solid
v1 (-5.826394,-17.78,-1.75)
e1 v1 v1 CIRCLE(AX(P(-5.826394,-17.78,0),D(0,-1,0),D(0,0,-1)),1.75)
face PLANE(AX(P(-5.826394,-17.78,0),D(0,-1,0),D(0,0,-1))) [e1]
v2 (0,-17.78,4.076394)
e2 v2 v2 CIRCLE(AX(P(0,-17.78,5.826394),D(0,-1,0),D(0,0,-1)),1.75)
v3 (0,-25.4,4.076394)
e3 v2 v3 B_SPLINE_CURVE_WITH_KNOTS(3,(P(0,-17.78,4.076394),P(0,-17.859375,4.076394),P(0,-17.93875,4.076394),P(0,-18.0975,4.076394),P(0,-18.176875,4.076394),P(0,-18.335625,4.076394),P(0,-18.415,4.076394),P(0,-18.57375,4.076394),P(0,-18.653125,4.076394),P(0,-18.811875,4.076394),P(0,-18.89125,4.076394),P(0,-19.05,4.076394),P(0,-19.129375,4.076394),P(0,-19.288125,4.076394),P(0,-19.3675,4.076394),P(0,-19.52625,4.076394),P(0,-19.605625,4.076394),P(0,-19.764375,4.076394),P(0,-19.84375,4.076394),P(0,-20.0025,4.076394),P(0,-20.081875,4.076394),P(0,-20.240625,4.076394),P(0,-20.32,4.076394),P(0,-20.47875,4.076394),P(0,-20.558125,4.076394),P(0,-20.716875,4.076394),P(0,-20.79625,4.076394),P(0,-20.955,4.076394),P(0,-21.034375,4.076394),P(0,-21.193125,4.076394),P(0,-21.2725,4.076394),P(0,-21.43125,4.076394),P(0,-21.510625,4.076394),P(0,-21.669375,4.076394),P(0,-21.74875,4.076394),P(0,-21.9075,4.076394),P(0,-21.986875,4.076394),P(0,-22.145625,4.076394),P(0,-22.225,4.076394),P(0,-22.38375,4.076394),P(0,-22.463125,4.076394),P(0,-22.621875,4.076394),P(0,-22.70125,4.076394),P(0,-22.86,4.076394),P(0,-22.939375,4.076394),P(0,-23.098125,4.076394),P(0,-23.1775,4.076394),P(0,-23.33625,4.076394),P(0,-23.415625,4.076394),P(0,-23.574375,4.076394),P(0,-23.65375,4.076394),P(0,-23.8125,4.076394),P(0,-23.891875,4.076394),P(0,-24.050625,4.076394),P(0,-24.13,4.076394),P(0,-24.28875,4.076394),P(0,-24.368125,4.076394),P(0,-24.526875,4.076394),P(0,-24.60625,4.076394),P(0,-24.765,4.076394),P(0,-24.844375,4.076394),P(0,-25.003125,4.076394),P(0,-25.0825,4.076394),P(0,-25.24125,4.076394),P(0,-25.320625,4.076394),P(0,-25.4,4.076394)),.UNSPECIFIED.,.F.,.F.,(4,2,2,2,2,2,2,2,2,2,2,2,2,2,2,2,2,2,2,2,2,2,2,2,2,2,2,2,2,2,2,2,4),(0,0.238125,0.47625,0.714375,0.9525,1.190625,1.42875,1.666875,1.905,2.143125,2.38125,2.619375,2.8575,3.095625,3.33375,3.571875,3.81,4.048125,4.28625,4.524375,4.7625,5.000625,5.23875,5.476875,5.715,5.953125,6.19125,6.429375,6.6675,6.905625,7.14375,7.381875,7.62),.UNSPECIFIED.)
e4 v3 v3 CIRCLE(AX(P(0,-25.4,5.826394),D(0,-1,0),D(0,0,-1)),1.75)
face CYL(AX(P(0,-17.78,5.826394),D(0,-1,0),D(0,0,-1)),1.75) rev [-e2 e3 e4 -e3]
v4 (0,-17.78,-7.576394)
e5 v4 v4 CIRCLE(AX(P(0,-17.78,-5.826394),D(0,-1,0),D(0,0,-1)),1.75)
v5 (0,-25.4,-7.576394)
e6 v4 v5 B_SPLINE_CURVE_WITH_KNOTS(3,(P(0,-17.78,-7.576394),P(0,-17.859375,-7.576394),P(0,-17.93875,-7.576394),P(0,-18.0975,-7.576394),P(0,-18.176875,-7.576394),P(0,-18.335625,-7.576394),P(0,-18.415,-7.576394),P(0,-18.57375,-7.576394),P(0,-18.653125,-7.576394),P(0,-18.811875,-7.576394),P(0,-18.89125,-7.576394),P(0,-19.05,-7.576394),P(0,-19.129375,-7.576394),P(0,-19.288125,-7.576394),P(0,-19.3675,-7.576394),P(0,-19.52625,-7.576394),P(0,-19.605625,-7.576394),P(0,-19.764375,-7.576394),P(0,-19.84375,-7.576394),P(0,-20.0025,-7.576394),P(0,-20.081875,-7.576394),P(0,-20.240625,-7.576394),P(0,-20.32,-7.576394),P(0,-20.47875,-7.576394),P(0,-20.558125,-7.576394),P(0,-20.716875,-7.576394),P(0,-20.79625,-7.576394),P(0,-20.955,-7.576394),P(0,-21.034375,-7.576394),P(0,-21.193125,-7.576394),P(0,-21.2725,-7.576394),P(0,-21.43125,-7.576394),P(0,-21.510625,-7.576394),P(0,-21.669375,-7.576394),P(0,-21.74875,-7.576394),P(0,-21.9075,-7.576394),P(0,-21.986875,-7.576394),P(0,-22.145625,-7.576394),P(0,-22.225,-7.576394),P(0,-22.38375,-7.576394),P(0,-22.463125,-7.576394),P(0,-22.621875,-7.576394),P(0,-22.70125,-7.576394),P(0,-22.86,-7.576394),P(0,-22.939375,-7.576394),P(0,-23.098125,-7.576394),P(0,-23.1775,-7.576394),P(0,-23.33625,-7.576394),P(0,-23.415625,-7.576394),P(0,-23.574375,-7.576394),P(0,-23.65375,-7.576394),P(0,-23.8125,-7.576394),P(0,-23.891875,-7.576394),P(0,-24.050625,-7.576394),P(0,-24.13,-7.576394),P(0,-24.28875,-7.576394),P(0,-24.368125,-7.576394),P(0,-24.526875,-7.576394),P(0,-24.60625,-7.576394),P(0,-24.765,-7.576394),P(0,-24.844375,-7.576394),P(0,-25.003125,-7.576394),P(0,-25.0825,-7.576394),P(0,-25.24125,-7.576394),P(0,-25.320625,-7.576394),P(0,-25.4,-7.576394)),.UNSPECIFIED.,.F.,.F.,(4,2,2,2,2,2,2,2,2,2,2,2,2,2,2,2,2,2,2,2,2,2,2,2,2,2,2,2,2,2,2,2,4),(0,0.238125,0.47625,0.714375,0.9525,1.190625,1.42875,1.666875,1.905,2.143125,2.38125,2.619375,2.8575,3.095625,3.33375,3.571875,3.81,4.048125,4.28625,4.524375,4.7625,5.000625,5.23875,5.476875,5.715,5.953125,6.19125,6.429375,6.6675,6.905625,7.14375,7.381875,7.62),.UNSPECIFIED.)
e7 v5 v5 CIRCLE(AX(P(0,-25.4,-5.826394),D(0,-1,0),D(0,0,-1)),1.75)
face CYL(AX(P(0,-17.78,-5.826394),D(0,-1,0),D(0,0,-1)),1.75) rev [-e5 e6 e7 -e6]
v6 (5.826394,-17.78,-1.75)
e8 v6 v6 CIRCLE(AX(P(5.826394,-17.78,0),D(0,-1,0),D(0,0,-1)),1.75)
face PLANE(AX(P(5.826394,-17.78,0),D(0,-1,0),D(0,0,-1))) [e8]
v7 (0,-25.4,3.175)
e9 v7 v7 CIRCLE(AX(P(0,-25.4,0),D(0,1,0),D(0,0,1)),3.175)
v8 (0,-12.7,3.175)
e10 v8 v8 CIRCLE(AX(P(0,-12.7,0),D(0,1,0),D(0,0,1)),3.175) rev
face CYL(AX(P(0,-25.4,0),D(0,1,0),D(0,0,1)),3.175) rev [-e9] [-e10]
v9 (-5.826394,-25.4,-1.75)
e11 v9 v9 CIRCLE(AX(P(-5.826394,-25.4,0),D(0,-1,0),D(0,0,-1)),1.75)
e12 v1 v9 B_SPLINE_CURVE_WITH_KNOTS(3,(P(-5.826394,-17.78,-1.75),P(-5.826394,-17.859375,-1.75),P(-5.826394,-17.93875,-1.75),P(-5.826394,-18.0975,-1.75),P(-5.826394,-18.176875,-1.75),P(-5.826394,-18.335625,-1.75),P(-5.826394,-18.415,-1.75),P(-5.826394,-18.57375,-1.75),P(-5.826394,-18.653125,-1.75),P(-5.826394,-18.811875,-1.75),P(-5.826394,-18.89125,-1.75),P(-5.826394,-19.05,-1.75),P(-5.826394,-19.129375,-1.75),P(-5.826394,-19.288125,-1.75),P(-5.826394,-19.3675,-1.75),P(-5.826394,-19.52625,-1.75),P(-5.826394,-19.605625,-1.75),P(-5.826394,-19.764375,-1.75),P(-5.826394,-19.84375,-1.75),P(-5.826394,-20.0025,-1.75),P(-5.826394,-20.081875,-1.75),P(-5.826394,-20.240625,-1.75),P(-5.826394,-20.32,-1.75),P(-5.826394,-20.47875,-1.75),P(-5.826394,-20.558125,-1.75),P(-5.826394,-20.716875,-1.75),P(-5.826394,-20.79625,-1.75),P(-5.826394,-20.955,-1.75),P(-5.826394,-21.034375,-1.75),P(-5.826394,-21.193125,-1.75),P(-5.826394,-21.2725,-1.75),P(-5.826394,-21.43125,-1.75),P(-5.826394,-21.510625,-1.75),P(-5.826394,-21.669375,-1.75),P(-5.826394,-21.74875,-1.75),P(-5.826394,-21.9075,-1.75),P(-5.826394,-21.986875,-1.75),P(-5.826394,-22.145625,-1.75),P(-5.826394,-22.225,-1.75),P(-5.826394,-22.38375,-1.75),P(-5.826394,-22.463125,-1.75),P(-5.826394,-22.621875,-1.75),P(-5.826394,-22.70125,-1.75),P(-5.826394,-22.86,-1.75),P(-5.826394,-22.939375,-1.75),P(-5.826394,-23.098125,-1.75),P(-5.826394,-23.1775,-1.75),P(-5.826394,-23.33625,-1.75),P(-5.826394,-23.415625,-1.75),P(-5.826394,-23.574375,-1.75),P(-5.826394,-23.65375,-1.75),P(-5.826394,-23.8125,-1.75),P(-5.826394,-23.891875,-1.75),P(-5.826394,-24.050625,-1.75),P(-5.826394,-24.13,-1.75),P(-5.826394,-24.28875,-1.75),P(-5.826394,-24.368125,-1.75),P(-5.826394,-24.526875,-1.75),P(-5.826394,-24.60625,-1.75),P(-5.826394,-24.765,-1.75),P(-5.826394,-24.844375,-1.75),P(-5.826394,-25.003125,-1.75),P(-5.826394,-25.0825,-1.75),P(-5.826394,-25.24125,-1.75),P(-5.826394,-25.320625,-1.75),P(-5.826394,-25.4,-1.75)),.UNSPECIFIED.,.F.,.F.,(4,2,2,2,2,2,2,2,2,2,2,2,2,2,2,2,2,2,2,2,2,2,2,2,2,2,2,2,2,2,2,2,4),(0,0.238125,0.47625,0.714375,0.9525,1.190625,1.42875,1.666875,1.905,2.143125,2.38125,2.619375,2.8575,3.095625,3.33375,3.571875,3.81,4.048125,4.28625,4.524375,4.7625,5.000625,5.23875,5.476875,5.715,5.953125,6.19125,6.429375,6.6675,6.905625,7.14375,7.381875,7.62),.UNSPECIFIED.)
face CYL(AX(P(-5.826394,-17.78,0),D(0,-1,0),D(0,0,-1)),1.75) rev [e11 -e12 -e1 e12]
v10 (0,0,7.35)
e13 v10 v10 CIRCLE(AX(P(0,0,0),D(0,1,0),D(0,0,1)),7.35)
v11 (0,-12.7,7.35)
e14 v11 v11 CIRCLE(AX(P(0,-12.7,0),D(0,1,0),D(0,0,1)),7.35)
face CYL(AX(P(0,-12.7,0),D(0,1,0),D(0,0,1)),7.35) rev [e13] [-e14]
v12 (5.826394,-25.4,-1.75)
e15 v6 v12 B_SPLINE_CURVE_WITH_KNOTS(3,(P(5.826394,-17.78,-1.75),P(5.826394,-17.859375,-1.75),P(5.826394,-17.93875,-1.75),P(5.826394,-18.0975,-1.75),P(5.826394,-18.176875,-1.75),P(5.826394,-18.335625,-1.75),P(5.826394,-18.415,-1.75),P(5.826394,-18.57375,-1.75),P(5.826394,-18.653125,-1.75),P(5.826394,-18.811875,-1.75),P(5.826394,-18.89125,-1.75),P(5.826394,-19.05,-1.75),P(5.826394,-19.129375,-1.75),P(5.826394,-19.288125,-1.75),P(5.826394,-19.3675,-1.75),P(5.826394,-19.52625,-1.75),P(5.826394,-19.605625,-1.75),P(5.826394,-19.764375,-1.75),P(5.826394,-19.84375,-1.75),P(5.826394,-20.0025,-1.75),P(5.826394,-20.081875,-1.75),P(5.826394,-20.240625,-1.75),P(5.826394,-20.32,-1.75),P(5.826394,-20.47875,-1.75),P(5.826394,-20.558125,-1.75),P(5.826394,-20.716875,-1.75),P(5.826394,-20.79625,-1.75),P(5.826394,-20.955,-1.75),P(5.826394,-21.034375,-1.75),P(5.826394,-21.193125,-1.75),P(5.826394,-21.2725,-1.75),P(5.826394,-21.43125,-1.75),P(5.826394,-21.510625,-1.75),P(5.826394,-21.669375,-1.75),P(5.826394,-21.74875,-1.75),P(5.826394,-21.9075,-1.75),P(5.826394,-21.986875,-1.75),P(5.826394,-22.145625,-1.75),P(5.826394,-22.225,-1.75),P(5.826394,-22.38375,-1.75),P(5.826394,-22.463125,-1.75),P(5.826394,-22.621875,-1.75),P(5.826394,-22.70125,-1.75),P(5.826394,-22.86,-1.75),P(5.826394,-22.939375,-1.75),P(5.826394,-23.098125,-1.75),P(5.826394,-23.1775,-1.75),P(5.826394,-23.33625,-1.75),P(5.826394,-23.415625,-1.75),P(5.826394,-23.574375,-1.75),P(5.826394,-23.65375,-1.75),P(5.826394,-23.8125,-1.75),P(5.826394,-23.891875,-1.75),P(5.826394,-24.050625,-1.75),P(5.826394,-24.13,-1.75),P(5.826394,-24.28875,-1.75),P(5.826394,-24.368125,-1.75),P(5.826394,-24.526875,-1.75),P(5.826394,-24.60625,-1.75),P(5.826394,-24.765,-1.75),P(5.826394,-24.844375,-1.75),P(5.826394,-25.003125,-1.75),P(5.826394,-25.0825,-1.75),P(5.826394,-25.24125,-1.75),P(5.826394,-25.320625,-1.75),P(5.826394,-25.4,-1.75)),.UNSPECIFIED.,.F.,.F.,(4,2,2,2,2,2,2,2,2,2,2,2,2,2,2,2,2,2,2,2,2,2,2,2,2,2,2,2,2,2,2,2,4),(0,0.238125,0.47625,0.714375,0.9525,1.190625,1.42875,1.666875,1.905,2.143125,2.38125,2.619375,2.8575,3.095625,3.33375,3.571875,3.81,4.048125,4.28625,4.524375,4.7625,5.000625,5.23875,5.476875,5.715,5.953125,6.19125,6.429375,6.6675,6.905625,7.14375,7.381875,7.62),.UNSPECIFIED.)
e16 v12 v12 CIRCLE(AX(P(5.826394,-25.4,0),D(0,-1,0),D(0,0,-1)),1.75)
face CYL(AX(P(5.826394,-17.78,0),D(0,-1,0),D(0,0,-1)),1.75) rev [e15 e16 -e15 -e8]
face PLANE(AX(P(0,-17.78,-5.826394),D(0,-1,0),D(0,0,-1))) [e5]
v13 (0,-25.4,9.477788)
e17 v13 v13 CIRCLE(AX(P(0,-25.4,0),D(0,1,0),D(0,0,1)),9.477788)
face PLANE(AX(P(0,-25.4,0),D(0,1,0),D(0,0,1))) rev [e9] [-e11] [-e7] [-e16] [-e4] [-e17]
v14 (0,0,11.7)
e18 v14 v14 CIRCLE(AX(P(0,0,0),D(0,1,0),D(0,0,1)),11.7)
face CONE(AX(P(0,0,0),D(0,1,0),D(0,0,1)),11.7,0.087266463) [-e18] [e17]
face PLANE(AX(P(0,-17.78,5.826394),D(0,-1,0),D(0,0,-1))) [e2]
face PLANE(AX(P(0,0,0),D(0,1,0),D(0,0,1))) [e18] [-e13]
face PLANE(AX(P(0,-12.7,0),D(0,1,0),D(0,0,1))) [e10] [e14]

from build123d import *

# Parameters (mm, degrees)
SKETCH1_R           = 11.7
BOSS_EXTRUDE1_DEPTH = 25.4
BOSS_EXTRUDE1_DRAFT = -5
SKETCH2_R           = 3.175
CUT_EXTRUDE1_DEPTH  = 31.314023158
SKETCH9_R           = 7.35
CUT_EXTRUDE3_DEPTH  = 12.7
SKETCH14_R          = 1.75
CUT_EXTRUDE5_DEPTH  = 7.62


with BuildPart() as part:
    # Sketch1 → Boss-Extrude1 (with draft: the straight prism first)
    with BuildSketch(Plane(origin=(0, 0, 0), x_dir=(1, 0, 0), z_dir=(0, 1, 0))):
        Circle(SKETCH1_R)
    extrude(amount=-BOSS_EXTRUDE1_DEPTH)
    # Boss-Extrude1: the draft: its side faces are tilted about the plane it starts from
    boss_extrude1_sides = [part.faces().sort_by_distance(p)[0] for p in [
        (-11.7, -12.7, 0),
    ]]
    draft(boss_extrude1_sides, Plane(origin=(0, 0, 0), x_dir=(1, 0, 0), z_dir=(0, 1, 0)), BOSS_EXTRUDE1_DRAFT)

    # Sketch2 → Cut-Extrude1 (cut, through all)
    with BuildSketch(Plane(origin=(0, 0, 0), x_dir=(1, 0, 0), z_dir=(0, 1, 0))):
        with Locations(Location((0, 0, 0), (0, 0, 270))):
            Circle(SKETCH2_R)
    extrude(amount=-CUT_EXTRUDE1_DEPTH, mode=Mode.SUBTRACT)

    # Sketch9 → Cut-Extrude3 (cut)
    with BuildSketch(Plane(origin=(0, 0, 0), x_dir=(1, 0, 0), z_dir=(0, 1, 0))):
        with Locations(Location((0, 0, 0), (0, 0, 270))):
            Circle(SKETCH9_R)
    extrude(amount=-CUT_EXTRUDE3_DEPTH, mode=Mode.SUBTRACT)

    # Sketch14 → Cut-Extrude5 (cut)
    with BuildSketch(Plane.XZ.offset(25.4)):
        with Locations(Location((-5.826393973, 0, 0), (0, 0, 270))):
            Circle(SKETCH14_R)
        with Locations(Location((0, 5.826393973, 0), (0, 0, 270))):
            Circle(SKETCH14_R)
        with Locations(Location((5.826393973, 0, 0), (0, 0, 270))):
            Circle(SKETCH14_R)
        with Locations(Location((0, -5.826393973, 0), (0, 0, 270))):
            Circle(SKETCH14_R)
    extrude(amount=-CUT_EXTRUDE5_DEPTH, mode=Mode.SUBTRACT)


solid = part.part
